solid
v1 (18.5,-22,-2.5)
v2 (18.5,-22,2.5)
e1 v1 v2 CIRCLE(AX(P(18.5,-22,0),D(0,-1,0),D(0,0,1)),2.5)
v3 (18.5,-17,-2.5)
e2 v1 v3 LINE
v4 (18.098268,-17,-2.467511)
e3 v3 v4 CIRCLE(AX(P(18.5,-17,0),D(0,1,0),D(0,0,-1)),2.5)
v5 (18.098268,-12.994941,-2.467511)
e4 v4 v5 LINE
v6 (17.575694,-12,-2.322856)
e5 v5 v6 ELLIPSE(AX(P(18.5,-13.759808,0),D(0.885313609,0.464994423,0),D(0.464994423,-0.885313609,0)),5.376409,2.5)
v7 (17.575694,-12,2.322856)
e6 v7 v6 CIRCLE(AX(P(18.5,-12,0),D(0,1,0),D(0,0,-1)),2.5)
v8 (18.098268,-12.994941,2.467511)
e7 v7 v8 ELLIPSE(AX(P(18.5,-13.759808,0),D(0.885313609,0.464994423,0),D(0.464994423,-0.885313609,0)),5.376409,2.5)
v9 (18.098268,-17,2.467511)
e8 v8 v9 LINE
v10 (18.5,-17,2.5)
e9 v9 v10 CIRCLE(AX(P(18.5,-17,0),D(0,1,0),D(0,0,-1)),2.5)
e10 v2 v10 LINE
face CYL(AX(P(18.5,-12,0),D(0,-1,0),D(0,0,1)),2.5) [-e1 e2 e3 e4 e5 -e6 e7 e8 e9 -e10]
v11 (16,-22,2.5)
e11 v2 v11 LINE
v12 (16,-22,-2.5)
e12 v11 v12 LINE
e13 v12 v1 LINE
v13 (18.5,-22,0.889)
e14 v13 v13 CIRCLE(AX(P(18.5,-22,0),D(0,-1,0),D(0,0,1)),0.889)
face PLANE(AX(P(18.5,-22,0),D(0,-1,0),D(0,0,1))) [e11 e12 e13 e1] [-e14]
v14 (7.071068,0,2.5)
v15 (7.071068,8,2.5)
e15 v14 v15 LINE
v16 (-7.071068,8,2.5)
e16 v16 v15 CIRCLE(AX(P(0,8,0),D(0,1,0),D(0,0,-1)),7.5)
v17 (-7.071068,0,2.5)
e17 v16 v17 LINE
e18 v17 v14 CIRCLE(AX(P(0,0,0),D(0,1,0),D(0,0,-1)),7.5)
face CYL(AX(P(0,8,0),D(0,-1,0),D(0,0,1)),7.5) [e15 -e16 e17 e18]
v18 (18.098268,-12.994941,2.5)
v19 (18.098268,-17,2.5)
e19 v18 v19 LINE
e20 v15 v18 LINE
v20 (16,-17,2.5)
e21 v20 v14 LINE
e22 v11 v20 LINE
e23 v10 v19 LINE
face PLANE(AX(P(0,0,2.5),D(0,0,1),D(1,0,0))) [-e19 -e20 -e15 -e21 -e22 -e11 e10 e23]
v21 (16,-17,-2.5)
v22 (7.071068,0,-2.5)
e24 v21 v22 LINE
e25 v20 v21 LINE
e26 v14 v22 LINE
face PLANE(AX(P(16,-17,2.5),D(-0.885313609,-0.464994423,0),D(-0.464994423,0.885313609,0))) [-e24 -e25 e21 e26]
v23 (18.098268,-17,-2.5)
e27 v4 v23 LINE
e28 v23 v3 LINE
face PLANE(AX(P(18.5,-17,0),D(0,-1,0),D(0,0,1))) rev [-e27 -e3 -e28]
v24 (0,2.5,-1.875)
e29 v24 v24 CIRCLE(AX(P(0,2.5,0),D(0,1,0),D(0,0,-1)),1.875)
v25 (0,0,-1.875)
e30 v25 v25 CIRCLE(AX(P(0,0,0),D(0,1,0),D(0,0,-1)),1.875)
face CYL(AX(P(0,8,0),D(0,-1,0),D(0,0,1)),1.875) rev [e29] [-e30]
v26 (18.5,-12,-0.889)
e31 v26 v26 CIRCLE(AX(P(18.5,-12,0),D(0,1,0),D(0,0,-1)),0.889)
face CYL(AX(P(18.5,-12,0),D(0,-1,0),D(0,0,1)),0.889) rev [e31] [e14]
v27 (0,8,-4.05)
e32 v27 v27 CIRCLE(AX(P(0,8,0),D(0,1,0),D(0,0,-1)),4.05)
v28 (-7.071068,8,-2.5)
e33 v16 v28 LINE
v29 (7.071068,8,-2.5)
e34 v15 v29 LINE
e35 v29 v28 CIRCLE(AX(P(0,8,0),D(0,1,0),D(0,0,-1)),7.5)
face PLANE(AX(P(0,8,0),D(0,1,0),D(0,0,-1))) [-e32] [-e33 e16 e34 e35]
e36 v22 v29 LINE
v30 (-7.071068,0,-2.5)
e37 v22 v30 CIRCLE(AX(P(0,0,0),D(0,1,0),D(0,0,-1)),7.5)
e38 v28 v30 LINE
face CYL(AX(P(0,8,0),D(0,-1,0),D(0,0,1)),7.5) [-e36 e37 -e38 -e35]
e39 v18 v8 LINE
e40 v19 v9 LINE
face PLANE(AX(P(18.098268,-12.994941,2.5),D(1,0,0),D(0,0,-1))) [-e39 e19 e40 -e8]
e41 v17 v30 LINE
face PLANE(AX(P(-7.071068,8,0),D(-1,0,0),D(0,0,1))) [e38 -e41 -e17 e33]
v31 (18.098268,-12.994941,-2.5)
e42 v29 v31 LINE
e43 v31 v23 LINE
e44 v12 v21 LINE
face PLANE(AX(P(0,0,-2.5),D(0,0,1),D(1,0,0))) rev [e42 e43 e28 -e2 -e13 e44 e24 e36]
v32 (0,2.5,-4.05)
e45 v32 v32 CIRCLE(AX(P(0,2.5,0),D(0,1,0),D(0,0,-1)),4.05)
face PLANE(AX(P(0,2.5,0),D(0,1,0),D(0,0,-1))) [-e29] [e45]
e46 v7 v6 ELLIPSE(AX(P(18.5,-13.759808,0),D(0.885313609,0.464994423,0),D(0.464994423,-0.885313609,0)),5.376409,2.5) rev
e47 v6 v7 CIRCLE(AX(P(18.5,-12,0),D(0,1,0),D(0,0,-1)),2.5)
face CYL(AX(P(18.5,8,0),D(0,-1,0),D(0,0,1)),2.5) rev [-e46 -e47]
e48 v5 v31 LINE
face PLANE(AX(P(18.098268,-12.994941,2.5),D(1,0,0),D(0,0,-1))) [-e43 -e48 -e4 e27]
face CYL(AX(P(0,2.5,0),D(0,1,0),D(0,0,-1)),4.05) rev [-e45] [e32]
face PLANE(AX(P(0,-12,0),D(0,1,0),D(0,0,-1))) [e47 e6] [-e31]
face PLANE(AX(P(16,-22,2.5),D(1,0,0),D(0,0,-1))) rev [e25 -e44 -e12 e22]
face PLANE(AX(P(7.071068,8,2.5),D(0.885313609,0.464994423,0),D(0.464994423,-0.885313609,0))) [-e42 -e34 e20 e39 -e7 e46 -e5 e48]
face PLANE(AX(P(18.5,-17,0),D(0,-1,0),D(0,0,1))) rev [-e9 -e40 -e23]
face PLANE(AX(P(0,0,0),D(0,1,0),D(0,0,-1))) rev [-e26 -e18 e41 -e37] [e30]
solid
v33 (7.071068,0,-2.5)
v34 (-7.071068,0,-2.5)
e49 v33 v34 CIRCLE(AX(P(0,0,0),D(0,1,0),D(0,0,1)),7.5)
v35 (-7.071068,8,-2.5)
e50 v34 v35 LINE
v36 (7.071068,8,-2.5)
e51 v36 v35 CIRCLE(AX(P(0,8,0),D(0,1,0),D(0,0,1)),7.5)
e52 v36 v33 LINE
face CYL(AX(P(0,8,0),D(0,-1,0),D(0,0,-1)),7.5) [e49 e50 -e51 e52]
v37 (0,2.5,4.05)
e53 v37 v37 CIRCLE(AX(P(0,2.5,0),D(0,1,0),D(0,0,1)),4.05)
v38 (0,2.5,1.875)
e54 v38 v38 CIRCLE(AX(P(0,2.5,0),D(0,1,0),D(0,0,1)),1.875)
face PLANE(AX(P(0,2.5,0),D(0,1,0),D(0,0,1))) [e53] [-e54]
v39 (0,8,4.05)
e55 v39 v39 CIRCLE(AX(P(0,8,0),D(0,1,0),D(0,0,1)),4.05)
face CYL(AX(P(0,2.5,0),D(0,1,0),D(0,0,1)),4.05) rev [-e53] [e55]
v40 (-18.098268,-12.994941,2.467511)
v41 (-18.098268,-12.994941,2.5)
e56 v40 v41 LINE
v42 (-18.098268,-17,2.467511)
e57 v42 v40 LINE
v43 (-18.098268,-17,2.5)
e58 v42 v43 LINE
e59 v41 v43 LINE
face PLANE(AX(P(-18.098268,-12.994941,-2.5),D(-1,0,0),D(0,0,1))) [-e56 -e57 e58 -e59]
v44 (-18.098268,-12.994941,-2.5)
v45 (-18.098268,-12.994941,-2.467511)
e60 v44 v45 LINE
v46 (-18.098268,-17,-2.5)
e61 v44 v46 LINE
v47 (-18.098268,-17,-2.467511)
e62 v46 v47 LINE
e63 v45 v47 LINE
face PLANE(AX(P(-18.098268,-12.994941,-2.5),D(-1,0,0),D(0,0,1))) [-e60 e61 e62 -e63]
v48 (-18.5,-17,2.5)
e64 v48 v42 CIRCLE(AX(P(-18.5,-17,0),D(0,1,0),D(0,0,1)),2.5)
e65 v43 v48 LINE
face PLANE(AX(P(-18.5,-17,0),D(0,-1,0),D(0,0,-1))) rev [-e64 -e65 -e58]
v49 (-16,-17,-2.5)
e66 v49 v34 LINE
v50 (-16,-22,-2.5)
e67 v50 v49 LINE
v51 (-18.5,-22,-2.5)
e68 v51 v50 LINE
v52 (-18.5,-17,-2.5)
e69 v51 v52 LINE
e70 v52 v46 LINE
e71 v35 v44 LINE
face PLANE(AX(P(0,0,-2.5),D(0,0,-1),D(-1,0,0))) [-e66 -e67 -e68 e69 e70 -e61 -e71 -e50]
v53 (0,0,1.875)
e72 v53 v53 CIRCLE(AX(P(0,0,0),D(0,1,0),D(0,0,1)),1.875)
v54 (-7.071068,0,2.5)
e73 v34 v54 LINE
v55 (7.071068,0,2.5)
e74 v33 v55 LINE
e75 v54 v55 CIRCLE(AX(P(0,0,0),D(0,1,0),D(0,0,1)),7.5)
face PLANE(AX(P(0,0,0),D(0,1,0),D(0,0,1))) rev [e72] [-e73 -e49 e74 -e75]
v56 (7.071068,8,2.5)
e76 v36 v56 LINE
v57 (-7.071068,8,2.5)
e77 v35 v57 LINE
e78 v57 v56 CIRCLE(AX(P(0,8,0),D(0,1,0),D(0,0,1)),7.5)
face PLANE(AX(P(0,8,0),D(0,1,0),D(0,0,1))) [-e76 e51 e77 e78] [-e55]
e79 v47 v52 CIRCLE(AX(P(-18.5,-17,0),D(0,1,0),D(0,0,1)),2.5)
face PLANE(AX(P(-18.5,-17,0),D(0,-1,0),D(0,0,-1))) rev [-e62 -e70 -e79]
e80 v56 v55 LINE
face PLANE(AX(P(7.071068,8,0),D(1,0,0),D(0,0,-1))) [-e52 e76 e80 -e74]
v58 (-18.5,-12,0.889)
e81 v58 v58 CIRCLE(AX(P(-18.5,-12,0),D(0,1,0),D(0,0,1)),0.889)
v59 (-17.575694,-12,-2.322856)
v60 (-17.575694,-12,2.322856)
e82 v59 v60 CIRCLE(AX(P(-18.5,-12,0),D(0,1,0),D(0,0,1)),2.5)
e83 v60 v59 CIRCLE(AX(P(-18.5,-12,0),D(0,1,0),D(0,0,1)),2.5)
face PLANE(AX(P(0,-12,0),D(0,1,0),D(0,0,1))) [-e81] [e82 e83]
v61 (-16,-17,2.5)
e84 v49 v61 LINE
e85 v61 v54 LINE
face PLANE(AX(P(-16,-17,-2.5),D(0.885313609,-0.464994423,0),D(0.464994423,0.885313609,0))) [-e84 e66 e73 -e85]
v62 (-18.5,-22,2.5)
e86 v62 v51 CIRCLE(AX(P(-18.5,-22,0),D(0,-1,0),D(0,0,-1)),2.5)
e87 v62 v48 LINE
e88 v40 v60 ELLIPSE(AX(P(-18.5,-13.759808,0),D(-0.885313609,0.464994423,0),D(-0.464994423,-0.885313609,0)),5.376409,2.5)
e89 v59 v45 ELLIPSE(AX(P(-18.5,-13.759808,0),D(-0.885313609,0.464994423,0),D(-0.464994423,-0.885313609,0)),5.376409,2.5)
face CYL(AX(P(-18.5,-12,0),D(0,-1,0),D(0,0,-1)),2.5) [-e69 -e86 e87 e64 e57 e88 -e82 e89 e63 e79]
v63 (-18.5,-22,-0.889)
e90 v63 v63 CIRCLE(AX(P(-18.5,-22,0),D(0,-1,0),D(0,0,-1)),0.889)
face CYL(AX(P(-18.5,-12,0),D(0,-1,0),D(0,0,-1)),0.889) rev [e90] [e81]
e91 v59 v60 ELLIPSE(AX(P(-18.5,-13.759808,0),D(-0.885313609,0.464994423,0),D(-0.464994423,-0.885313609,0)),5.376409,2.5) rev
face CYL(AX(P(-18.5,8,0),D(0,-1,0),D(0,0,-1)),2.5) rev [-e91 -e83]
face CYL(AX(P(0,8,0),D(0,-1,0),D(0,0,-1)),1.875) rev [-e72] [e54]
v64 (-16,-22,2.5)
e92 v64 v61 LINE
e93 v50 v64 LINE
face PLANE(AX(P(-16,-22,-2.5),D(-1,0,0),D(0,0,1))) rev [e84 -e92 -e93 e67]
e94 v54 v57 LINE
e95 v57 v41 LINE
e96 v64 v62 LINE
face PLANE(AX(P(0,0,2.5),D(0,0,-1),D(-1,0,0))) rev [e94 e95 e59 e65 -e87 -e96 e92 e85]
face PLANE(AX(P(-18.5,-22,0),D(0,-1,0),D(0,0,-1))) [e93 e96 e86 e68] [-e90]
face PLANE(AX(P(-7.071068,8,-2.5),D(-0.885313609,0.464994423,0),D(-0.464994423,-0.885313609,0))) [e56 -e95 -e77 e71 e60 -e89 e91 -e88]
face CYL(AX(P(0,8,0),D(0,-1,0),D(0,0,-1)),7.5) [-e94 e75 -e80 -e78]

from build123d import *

# Parameters (mm, degrees)
SKETCH1_R                = 1.875
BOSS_EXTRUDE1_DEPTH      = 8
BOSS_EXTRUDE2_START      = -17
SKETCH1_3_R              = 2.5
SKETCH1_3_R_2            = 0.889
BOSS_EXTRUDE2_DEPTH      = 5
SKETCH4_R                = 4.05
CUT_EXTRUDE1_DEPTH       = 5.5
BOSS_EXTRUDE3_DEPTH      = 2.5
BOSS_EXTRUDE3_DEPTH_BACK = 2.5
SKETCH5_R                = 2.5
CUT_EXTRUDE2_DEPTH       = 30.954131602
BOSS_EXTRUDE4_START      = 5
SKETCH8_R                = 0.889
BOSS_EXTRUDE4_DEPTH      = 5
SKETCH1_4_R              = 0.889
CUT_EXTRUDE3_DEPTH       = 32.324910215
CIRPATTERN5_COUNT        = 2


with BuildPart() as part:
    # Sketch1 → Boss-Extrude1 (new body)
    with BuildSketch(Plane(origin=(0, 0, 0), x_dir=(1, 0, 0), z_dir=(0, 1, 0))):
        with BuildLine():
            Line((7.071067812, -2.5), (7.071067812, 2.5))
            ThreePointArc((7.071067812, 2.5), (0, 7.5), (-7.071067812, 2.5))
            Line((-7.071067812, 2.5), (-7.071067812, -2.5))
            ThreePointArc((-7.071067812, -2.5), (0, -7.5), (7.071067812, -2.5))
        make_face()
        Circle(SKETCH1_R, mode=Mode.SUBTRACT)
    extrude(amount=BOSS_EXTRUDE1_DEPTH)

    # Sketch4 → Cut-Extrude1 (cut)
    with BuildSketch(Plane(origin=(0, 8, 0), x_dir=(1, 0, 0), z_dir=(0, 1, 0))):
        Circle(SKETCH4_R)
    extrude(amount=-CUT_EXTRUDE1_DEPTH, mode=Mode.SUBTRACT)



with BuildPart() as body_2:
    # Sketch1<3> → Boss-Extrude2 (new body)
    with BuildSketch(Plane(origin=(0, 0, 0), x_dir=(1, 0, 0), z_dir=(0, 1, 0)).offset(BOSS_EXTRUDE2_START)):
        with Locations((-18.5, 0)):
            Circle(SKETCH1_3_R)
        with Locations((-18.5, 0)):
            Circle(SKETCH1_3_R_2, mode=Mode.SUBTRACT)
    extrude(amount=BOSS_EXTRUDE2_DEPTH)


with BuildPart() as part_1:
    add(part.part)

    add(body_2.part)  # Boss-Extrude3 merges body 2
    # Sketch3 → Boss-Extrude3 (add, two sides: drawn at the far end of the back side and taken through both)
    with BuildSketch(Plane.XY.offset(-BOSS_EXTRUDE3_DEPTH_BACK)):
        Polygon((-7.071067812, 8), (-18.098268146, -12.994941134), (-18.098268146, -17), (-16, -17), (-7.071067812, 0), align=None)
    extrude(amount=BOSS_EXTRUDE3_DEPTH + BOSS_EXTRUDE3_DEPTH_BACK)

    # Sketch5 → Cut-Extrude2 (cut, through all)
    with BuildSketch(Plane(origin=(0, -12, 0), x_dir=(1, 0, 0), z_dir=(0, 1, 0))):
        with Locations((-18.5, 0)):
            Circle(SKETCH5_R)
    extrude(amount=CUT_EXTRUDE2_DEPTH, mode=Mode.SUBTRACT)

    # Sketch8 → Boss-Extrude4 (add)
    with BuildSketch(Plane.XZ.offset(17).offset(BOSS_EXTRUDE4_START)):
        with BuildLine():
            Line((-18.5, -2.5), (-16, -2.5))
            Line((-16, -2.5), (-16, 2.5))
            Line((-16, 2.5), (-18.5, 2.5))
            ThreePointArc((-18.5, 2.5), (-21, 0), (-18.5, -2.5))
        make_face()
        with Locations((-18.5, 0)):
            Circle(SKETCH8_R, mode=Mode.SUBTRACT)
    extrude(amount=-BOSS_EXTRUDE4_DEPTH)

    # Sketch1<4> → Cut-Extrude3 (cut, through all)
    with BuildSketch(Plane(origin=(0, 0, 0), x_dir=(1, 0, 0), z_dir=(0, 1, 0))):
        with Locations((-18.5, 0)):
            Circle(SKETCH1_4_R)
    extrude(amount=-CUT_EXTRUDE3_DEPTH, mode=Mode.SUBTRACT)


with BuildPart() as cirpattern5_1:
    # CirPattern5: pattern copy
    add(part_1.part.rotate(Axis((0, 8, 0), (0, 1, 0)), 1 * 360 / CIRPATTERN5_COUNT))


solid = Compound([part_1.part, cirpattern5_1.part])
